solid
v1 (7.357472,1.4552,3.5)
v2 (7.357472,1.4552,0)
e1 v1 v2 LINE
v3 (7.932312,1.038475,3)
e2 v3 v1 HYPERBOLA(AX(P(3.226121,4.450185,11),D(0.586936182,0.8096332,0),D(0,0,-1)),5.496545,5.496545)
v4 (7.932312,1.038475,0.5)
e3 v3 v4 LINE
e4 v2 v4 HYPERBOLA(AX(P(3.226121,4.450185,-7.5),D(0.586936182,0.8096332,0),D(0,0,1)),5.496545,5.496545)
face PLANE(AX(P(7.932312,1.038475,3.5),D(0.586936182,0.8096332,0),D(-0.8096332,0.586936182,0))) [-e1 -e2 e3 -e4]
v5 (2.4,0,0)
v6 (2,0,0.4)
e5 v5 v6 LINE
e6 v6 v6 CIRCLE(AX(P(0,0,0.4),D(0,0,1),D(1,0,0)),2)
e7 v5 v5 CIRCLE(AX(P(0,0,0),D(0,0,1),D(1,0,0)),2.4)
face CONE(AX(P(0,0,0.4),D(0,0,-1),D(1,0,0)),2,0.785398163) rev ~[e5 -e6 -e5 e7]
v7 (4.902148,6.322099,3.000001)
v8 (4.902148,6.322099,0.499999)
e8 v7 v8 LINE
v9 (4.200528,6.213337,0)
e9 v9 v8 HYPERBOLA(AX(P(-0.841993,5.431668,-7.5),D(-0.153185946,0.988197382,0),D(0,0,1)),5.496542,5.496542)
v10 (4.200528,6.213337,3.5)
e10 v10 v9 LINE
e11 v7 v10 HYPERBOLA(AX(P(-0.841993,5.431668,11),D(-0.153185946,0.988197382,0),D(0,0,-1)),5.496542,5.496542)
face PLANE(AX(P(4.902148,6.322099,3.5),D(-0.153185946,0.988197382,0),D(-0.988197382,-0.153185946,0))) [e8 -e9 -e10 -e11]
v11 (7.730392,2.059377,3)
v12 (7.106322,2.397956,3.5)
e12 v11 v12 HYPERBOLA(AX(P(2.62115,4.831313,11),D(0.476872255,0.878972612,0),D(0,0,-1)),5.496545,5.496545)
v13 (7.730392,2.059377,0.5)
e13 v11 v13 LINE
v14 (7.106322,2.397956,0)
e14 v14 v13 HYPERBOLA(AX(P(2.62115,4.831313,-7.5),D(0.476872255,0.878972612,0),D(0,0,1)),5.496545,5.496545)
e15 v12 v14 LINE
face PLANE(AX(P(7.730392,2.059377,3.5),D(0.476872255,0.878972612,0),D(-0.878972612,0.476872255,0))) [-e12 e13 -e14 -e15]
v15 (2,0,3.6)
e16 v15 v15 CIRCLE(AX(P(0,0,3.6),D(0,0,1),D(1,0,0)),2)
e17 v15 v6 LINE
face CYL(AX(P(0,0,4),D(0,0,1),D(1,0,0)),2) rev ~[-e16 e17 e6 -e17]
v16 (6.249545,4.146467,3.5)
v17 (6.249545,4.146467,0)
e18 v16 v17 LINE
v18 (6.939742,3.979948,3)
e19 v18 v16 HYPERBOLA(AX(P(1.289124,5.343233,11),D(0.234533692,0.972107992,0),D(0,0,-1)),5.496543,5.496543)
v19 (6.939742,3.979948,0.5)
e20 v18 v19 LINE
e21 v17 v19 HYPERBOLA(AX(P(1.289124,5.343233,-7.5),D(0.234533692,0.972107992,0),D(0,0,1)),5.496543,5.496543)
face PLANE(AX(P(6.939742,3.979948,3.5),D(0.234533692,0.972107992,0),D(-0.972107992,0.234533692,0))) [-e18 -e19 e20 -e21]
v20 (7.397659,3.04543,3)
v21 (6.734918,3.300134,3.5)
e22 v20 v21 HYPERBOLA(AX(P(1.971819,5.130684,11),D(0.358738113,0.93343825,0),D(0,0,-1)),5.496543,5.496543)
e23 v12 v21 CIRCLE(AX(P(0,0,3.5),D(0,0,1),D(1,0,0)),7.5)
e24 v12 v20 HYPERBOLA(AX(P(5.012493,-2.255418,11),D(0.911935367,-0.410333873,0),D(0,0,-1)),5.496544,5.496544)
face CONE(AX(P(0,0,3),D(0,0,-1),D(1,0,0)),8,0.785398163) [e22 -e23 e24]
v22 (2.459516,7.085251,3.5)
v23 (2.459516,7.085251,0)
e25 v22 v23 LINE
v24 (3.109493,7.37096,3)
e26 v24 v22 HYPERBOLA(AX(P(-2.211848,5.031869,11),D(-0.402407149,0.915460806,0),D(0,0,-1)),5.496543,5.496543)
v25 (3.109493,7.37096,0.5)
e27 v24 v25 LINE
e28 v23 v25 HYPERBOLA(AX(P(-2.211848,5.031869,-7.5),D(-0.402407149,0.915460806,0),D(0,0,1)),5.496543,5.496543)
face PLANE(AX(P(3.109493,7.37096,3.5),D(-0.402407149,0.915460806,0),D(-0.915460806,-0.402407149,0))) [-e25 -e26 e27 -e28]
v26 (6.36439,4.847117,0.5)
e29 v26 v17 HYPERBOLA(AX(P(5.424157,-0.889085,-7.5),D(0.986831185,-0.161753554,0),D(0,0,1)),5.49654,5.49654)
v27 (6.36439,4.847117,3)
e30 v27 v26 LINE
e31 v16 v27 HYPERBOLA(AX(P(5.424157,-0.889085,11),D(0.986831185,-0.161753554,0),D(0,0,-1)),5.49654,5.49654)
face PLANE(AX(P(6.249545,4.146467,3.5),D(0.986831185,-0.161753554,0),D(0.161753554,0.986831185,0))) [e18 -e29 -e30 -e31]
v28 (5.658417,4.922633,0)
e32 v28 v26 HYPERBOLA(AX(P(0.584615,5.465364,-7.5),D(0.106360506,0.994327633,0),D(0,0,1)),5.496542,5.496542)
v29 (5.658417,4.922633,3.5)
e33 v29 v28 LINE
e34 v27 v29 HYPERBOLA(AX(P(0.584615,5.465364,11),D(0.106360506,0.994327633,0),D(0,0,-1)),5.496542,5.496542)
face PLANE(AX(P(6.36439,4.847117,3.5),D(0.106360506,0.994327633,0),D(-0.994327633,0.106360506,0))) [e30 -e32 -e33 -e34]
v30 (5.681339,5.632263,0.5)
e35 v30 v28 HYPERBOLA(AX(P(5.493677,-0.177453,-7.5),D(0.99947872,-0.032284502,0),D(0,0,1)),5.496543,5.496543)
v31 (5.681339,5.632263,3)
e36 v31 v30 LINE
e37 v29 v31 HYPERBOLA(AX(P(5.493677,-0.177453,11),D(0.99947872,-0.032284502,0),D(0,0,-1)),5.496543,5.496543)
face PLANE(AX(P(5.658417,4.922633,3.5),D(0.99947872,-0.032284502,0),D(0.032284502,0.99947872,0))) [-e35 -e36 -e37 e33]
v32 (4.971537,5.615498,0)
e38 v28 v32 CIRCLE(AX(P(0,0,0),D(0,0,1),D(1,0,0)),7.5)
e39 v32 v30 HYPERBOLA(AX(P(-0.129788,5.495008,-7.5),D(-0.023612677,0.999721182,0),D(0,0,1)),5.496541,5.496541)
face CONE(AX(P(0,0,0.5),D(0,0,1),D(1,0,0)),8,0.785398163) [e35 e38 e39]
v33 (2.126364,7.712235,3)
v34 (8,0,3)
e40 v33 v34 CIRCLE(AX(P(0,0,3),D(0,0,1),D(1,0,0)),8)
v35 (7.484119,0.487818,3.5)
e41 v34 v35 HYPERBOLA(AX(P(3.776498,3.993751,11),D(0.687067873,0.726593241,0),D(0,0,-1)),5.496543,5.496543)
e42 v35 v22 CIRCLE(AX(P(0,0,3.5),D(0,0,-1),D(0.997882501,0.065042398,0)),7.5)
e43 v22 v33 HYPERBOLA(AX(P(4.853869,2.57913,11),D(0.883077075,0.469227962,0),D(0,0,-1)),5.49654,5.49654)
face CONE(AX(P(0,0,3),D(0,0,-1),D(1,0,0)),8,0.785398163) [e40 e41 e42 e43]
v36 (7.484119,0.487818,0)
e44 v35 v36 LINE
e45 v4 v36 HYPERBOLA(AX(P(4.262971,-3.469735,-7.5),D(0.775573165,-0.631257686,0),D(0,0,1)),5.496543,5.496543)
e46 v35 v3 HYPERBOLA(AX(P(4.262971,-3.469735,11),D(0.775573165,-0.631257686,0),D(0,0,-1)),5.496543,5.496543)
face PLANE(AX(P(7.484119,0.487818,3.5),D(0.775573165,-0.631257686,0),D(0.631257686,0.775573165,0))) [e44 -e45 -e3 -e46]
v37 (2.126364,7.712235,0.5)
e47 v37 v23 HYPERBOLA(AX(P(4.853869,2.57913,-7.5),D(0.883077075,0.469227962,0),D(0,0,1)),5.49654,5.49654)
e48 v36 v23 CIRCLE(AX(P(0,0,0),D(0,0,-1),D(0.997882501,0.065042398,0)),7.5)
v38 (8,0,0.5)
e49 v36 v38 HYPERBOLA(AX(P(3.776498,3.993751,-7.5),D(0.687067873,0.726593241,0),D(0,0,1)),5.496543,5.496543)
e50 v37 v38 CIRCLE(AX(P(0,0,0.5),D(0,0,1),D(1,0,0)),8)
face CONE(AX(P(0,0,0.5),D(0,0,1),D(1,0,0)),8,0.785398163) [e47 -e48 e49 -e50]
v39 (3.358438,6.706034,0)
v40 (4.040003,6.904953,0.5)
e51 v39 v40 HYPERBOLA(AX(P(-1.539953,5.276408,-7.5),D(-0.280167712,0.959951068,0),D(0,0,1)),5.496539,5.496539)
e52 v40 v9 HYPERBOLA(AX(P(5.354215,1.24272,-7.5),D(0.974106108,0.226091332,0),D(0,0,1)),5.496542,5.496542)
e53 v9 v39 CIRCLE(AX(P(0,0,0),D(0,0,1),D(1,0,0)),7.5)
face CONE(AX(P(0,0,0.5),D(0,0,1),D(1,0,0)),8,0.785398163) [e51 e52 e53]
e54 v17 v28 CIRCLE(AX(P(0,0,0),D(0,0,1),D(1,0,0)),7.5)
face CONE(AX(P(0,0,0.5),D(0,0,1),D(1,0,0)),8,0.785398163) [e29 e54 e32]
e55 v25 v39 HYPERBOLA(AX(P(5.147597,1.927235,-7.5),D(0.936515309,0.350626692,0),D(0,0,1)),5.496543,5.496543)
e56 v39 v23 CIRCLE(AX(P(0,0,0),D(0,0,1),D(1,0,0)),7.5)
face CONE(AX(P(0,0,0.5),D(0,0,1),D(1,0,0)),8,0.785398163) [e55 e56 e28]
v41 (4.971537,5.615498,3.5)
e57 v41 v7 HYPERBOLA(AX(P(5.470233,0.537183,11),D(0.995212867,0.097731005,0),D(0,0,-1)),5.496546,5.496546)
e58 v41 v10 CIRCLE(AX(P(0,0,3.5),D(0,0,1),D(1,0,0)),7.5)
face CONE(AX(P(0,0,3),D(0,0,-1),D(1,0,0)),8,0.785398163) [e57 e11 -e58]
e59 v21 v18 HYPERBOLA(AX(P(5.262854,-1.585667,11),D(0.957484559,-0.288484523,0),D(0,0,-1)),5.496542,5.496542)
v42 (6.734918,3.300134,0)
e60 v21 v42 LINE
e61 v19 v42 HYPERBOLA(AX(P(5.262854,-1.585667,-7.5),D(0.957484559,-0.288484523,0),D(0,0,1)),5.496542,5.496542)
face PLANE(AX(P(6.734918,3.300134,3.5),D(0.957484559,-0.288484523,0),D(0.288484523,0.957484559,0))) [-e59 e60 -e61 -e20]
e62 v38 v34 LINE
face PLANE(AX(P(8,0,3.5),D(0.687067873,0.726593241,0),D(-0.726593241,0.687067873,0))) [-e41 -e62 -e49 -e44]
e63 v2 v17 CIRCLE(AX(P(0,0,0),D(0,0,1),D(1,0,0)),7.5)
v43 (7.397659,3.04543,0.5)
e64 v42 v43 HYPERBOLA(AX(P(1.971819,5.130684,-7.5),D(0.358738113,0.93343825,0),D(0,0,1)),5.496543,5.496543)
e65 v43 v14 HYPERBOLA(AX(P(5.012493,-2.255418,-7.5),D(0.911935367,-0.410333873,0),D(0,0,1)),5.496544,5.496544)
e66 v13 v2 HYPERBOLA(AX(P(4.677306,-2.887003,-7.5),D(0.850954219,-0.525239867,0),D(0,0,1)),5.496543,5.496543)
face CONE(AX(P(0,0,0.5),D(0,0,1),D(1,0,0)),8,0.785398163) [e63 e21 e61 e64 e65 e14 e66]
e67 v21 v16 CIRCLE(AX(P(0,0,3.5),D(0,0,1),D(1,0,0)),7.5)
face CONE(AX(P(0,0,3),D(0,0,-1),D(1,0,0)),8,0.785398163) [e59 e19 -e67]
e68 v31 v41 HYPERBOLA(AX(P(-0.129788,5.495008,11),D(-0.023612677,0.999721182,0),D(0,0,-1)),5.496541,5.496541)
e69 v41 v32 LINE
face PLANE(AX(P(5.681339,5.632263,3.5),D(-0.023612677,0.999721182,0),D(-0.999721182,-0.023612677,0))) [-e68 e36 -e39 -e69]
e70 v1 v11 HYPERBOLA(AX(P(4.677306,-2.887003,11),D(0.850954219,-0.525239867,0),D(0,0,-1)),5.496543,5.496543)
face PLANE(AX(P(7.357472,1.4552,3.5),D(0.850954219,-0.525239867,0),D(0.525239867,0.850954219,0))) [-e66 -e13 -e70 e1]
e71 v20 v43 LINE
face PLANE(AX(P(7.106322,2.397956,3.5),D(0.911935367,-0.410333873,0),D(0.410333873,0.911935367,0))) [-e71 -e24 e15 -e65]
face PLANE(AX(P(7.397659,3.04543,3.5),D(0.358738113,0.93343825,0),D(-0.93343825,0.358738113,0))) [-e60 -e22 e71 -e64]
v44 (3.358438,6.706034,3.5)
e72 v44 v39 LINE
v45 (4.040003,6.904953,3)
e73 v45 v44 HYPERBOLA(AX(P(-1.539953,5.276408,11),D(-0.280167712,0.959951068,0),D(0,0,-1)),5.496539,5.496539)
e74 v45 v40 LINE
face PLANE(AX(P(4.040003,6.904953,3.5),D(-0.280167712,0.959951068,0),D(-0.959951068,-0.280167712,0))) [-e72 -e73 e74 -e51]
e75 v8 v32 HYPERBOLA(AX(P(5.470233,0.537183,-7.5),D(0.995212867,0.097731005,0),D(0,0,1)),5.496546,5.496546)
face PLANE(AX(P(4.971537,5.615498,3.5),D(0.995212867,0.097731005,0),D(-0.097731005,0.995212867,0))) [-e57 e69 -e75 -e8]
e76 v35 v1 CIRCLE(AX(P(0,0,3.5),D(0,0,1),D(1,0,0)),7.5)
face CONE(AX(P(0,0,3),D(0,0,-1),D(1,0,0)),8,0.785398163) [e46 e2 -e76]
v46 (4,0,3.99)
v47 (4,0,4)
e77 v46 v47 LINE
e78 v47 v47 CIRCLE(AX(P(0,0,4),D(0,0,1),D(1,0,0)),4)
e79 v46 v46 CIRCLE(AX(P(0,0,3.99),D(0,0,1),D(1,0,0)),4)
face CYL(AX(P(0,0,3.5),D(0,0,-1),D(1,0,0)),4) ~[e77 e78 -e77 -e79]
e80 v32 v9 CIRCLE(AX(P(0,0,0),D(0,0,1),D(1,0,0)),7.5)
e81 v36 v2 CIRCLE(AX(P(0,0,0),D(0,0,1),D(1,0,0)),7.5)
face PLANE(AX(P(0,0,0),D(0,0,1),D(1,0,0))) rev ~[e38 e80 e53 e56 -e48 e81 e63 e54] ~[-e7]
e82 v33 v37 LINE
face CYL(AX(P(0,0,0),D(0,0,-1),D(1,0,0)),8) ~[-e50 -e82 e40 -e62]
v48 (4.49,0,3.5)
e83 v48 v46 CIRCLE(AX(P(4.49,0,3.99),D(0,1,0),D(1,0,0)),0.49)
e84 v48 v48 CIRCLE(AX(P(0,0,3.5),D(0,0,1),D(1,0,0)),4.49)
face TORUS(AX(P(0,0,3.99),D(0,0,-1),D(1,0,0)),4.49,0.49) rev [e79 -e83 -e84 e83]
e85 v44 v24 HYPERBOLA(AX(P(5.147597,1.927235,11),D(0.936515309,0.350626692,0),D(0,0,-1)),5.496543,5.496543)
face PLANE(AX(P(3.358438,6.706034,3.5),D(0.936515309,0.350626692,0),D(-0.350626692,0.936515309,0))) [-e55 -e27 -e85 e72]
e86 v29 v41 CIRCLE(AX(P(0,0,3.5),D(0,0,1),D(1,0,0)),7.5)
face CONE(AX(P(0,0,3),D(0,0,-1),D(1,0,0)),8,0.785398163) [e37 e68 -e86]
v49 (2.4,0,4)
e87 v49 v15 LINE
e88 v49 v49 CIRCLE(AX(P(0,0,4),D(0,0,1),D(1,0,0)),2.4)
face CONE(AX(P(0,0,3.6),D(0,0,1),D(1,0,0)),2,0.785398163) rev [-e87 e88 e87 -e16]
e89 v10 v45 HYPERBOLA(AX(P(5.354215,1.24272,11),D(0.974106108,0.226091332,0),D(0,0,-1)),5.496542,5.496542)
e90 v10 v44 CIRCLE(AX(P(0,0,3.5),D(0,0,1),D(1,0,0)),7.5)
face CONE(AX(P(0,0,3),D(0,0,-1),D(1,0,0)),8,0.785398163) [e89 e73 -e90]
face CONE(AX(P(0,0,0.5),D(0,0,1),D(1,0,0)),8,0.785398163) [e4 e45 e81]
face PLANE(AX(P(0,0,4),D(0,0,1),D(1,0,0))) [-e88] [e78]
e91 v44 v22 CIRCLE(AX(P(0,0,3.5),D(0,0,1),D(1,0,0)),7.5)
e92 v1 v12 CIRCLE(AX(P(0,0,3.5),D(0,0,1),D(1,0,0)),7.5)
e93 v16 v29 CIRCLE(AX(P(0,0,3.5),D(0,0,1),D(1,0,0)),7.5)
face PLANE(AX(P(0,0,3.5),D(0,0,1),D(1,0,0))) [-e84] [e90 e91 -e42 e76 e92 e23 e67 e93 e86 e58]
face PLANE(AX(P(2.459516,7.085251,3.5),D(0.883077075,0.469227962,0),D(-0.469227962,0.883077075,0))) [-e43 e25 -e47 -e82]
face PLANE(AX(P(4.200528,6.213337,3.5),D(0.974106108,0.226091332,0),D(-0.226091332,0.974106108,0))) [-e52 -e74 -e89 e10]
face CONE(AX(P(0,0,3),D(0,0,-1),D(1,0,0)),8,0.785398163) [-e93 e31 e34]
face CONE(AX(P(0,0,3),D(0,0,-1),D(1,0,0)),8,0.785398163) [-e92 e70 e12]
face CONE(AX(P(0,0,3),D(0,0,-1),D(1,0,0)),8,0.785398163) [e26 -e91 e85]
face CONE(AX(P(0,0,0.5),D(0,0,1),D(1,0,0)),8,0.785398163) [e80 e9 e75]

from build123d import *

# Parameters (mm, degrees)
SKETCH_R        = 8
PAD_DEPTH       = 3.5
SKETCH001_R     = 4
PAD001_DEPTH    = 0.5
FILLET_R        = 0.49
SKETCH002_R     = 2
POCKET_DEPTH    = 5
CHAMFER_SIZE    = 0.4
CHAMFER001_SIZE = 0.5
POCKET001_DEPTH = 5


with BuildPart() as part:
    # Sketch → Pad (new body)
    with BuildSketch(Plane.XY):
        Circle(SKETCH_R)
    extrude(amount=PAD_DEPTH)

    # Sketch001 → Pad001 (new body)
    with BuildSketch(Plane.XY.offset(3.5)):
        Circle(SKETCH001_R)
    extrude(amount=PAD001_DEPTH)

    # Fillet
    fillet_edges = [part.edges().sort_by_distance(p)[0] for p in [
        (-4, 0, 3.5),
    ]]
    fillet(fillet_edges, radius=FILLET_R)

    # Sketch002 → Pocket (cut)
    with BuildSketch(Plane.XY.offset(4)):
        Circle(SKETCH002_R)
    extrude(amount=-POCKET_DEPTH, mode=Mode.SUBTRACT)

    # Chamfer
    chamfer_edges = [part.edges().sort_by_distance(p)[0] for p in [
        (-2, 0, 4),
        (-2, 0, 0),
    ]]
    chamfer(chamfer_edges, length=CHAMFER_SIZE)

    # Chamfer001
    chamfer001_edges = [part.edges().sort_by_distance(p)[0] for p in [
        (-8, 0, 0),
        (-8, 0, 3.5),
    ]]
    chamfer(chamfer001_edges, length=CHAMFER001_SIZE)

    # Sketch003 → Pocket001 (cut)
    with BuildSketch(Plane.XY.offset(3.5)):
        with BuildLine():
            Line((8, 0), (7.484119, 0.487818))
            Line((7.484119, 0.487818), (7.932312, 1.038475))
            Line((7.932312, 1.038475), (7.357472, 1.4552))
            Line((7.357472, 1.4552), (7.730392, 2.059377))
            Line((7.730392, 2.059377), (7.106322, 2.397956))
            Line((7.106322, 2.397956), (7.397659, 3.04543))
            Line((7.397659, 3.04543), (6.734918, 3.300134))
            Line((6.734918, 3.300134), (6.939742, 3.979948))
            Line((6.939742, 3.979948), (6.249545, 4.146467))
            Line((6.249545, 4.146467), (6.36439, 4.847117))
            Line((6.36439, 4.847117), (5.658417, 4.922633))
            Line((5.658417, 4.922633), (5.681339, 5.632263))
            Line((5.681339, 5.632263), (4.971537, 5.615498))
            Line((4.971537, 5.615498), (4.902148, 6.322099))
            Line((4.902148, 6.322099), (4.200528, 6.213337))
            Line((4.200528, 6.213337), (4.040003, 6.904953))
            Line((4.040003, 6.904953), (3.358438, 6.706034))
            Line((3.358438, 6.706034), (3.109493, 7.37096))
            Line((3.109493, 7.37096), (2.459516, 7.085251))
            Line((2.459516, 7.085251), (2.126364, 7.712236))
            ThreePointArc((8, 0), (8.064811, 6.142157), (2.126364, 7.712236))
        make_face()
    extrude(amount=-POCKET001_DEPTH, mode=Mode.SUBTRACT)


solid = part.part
